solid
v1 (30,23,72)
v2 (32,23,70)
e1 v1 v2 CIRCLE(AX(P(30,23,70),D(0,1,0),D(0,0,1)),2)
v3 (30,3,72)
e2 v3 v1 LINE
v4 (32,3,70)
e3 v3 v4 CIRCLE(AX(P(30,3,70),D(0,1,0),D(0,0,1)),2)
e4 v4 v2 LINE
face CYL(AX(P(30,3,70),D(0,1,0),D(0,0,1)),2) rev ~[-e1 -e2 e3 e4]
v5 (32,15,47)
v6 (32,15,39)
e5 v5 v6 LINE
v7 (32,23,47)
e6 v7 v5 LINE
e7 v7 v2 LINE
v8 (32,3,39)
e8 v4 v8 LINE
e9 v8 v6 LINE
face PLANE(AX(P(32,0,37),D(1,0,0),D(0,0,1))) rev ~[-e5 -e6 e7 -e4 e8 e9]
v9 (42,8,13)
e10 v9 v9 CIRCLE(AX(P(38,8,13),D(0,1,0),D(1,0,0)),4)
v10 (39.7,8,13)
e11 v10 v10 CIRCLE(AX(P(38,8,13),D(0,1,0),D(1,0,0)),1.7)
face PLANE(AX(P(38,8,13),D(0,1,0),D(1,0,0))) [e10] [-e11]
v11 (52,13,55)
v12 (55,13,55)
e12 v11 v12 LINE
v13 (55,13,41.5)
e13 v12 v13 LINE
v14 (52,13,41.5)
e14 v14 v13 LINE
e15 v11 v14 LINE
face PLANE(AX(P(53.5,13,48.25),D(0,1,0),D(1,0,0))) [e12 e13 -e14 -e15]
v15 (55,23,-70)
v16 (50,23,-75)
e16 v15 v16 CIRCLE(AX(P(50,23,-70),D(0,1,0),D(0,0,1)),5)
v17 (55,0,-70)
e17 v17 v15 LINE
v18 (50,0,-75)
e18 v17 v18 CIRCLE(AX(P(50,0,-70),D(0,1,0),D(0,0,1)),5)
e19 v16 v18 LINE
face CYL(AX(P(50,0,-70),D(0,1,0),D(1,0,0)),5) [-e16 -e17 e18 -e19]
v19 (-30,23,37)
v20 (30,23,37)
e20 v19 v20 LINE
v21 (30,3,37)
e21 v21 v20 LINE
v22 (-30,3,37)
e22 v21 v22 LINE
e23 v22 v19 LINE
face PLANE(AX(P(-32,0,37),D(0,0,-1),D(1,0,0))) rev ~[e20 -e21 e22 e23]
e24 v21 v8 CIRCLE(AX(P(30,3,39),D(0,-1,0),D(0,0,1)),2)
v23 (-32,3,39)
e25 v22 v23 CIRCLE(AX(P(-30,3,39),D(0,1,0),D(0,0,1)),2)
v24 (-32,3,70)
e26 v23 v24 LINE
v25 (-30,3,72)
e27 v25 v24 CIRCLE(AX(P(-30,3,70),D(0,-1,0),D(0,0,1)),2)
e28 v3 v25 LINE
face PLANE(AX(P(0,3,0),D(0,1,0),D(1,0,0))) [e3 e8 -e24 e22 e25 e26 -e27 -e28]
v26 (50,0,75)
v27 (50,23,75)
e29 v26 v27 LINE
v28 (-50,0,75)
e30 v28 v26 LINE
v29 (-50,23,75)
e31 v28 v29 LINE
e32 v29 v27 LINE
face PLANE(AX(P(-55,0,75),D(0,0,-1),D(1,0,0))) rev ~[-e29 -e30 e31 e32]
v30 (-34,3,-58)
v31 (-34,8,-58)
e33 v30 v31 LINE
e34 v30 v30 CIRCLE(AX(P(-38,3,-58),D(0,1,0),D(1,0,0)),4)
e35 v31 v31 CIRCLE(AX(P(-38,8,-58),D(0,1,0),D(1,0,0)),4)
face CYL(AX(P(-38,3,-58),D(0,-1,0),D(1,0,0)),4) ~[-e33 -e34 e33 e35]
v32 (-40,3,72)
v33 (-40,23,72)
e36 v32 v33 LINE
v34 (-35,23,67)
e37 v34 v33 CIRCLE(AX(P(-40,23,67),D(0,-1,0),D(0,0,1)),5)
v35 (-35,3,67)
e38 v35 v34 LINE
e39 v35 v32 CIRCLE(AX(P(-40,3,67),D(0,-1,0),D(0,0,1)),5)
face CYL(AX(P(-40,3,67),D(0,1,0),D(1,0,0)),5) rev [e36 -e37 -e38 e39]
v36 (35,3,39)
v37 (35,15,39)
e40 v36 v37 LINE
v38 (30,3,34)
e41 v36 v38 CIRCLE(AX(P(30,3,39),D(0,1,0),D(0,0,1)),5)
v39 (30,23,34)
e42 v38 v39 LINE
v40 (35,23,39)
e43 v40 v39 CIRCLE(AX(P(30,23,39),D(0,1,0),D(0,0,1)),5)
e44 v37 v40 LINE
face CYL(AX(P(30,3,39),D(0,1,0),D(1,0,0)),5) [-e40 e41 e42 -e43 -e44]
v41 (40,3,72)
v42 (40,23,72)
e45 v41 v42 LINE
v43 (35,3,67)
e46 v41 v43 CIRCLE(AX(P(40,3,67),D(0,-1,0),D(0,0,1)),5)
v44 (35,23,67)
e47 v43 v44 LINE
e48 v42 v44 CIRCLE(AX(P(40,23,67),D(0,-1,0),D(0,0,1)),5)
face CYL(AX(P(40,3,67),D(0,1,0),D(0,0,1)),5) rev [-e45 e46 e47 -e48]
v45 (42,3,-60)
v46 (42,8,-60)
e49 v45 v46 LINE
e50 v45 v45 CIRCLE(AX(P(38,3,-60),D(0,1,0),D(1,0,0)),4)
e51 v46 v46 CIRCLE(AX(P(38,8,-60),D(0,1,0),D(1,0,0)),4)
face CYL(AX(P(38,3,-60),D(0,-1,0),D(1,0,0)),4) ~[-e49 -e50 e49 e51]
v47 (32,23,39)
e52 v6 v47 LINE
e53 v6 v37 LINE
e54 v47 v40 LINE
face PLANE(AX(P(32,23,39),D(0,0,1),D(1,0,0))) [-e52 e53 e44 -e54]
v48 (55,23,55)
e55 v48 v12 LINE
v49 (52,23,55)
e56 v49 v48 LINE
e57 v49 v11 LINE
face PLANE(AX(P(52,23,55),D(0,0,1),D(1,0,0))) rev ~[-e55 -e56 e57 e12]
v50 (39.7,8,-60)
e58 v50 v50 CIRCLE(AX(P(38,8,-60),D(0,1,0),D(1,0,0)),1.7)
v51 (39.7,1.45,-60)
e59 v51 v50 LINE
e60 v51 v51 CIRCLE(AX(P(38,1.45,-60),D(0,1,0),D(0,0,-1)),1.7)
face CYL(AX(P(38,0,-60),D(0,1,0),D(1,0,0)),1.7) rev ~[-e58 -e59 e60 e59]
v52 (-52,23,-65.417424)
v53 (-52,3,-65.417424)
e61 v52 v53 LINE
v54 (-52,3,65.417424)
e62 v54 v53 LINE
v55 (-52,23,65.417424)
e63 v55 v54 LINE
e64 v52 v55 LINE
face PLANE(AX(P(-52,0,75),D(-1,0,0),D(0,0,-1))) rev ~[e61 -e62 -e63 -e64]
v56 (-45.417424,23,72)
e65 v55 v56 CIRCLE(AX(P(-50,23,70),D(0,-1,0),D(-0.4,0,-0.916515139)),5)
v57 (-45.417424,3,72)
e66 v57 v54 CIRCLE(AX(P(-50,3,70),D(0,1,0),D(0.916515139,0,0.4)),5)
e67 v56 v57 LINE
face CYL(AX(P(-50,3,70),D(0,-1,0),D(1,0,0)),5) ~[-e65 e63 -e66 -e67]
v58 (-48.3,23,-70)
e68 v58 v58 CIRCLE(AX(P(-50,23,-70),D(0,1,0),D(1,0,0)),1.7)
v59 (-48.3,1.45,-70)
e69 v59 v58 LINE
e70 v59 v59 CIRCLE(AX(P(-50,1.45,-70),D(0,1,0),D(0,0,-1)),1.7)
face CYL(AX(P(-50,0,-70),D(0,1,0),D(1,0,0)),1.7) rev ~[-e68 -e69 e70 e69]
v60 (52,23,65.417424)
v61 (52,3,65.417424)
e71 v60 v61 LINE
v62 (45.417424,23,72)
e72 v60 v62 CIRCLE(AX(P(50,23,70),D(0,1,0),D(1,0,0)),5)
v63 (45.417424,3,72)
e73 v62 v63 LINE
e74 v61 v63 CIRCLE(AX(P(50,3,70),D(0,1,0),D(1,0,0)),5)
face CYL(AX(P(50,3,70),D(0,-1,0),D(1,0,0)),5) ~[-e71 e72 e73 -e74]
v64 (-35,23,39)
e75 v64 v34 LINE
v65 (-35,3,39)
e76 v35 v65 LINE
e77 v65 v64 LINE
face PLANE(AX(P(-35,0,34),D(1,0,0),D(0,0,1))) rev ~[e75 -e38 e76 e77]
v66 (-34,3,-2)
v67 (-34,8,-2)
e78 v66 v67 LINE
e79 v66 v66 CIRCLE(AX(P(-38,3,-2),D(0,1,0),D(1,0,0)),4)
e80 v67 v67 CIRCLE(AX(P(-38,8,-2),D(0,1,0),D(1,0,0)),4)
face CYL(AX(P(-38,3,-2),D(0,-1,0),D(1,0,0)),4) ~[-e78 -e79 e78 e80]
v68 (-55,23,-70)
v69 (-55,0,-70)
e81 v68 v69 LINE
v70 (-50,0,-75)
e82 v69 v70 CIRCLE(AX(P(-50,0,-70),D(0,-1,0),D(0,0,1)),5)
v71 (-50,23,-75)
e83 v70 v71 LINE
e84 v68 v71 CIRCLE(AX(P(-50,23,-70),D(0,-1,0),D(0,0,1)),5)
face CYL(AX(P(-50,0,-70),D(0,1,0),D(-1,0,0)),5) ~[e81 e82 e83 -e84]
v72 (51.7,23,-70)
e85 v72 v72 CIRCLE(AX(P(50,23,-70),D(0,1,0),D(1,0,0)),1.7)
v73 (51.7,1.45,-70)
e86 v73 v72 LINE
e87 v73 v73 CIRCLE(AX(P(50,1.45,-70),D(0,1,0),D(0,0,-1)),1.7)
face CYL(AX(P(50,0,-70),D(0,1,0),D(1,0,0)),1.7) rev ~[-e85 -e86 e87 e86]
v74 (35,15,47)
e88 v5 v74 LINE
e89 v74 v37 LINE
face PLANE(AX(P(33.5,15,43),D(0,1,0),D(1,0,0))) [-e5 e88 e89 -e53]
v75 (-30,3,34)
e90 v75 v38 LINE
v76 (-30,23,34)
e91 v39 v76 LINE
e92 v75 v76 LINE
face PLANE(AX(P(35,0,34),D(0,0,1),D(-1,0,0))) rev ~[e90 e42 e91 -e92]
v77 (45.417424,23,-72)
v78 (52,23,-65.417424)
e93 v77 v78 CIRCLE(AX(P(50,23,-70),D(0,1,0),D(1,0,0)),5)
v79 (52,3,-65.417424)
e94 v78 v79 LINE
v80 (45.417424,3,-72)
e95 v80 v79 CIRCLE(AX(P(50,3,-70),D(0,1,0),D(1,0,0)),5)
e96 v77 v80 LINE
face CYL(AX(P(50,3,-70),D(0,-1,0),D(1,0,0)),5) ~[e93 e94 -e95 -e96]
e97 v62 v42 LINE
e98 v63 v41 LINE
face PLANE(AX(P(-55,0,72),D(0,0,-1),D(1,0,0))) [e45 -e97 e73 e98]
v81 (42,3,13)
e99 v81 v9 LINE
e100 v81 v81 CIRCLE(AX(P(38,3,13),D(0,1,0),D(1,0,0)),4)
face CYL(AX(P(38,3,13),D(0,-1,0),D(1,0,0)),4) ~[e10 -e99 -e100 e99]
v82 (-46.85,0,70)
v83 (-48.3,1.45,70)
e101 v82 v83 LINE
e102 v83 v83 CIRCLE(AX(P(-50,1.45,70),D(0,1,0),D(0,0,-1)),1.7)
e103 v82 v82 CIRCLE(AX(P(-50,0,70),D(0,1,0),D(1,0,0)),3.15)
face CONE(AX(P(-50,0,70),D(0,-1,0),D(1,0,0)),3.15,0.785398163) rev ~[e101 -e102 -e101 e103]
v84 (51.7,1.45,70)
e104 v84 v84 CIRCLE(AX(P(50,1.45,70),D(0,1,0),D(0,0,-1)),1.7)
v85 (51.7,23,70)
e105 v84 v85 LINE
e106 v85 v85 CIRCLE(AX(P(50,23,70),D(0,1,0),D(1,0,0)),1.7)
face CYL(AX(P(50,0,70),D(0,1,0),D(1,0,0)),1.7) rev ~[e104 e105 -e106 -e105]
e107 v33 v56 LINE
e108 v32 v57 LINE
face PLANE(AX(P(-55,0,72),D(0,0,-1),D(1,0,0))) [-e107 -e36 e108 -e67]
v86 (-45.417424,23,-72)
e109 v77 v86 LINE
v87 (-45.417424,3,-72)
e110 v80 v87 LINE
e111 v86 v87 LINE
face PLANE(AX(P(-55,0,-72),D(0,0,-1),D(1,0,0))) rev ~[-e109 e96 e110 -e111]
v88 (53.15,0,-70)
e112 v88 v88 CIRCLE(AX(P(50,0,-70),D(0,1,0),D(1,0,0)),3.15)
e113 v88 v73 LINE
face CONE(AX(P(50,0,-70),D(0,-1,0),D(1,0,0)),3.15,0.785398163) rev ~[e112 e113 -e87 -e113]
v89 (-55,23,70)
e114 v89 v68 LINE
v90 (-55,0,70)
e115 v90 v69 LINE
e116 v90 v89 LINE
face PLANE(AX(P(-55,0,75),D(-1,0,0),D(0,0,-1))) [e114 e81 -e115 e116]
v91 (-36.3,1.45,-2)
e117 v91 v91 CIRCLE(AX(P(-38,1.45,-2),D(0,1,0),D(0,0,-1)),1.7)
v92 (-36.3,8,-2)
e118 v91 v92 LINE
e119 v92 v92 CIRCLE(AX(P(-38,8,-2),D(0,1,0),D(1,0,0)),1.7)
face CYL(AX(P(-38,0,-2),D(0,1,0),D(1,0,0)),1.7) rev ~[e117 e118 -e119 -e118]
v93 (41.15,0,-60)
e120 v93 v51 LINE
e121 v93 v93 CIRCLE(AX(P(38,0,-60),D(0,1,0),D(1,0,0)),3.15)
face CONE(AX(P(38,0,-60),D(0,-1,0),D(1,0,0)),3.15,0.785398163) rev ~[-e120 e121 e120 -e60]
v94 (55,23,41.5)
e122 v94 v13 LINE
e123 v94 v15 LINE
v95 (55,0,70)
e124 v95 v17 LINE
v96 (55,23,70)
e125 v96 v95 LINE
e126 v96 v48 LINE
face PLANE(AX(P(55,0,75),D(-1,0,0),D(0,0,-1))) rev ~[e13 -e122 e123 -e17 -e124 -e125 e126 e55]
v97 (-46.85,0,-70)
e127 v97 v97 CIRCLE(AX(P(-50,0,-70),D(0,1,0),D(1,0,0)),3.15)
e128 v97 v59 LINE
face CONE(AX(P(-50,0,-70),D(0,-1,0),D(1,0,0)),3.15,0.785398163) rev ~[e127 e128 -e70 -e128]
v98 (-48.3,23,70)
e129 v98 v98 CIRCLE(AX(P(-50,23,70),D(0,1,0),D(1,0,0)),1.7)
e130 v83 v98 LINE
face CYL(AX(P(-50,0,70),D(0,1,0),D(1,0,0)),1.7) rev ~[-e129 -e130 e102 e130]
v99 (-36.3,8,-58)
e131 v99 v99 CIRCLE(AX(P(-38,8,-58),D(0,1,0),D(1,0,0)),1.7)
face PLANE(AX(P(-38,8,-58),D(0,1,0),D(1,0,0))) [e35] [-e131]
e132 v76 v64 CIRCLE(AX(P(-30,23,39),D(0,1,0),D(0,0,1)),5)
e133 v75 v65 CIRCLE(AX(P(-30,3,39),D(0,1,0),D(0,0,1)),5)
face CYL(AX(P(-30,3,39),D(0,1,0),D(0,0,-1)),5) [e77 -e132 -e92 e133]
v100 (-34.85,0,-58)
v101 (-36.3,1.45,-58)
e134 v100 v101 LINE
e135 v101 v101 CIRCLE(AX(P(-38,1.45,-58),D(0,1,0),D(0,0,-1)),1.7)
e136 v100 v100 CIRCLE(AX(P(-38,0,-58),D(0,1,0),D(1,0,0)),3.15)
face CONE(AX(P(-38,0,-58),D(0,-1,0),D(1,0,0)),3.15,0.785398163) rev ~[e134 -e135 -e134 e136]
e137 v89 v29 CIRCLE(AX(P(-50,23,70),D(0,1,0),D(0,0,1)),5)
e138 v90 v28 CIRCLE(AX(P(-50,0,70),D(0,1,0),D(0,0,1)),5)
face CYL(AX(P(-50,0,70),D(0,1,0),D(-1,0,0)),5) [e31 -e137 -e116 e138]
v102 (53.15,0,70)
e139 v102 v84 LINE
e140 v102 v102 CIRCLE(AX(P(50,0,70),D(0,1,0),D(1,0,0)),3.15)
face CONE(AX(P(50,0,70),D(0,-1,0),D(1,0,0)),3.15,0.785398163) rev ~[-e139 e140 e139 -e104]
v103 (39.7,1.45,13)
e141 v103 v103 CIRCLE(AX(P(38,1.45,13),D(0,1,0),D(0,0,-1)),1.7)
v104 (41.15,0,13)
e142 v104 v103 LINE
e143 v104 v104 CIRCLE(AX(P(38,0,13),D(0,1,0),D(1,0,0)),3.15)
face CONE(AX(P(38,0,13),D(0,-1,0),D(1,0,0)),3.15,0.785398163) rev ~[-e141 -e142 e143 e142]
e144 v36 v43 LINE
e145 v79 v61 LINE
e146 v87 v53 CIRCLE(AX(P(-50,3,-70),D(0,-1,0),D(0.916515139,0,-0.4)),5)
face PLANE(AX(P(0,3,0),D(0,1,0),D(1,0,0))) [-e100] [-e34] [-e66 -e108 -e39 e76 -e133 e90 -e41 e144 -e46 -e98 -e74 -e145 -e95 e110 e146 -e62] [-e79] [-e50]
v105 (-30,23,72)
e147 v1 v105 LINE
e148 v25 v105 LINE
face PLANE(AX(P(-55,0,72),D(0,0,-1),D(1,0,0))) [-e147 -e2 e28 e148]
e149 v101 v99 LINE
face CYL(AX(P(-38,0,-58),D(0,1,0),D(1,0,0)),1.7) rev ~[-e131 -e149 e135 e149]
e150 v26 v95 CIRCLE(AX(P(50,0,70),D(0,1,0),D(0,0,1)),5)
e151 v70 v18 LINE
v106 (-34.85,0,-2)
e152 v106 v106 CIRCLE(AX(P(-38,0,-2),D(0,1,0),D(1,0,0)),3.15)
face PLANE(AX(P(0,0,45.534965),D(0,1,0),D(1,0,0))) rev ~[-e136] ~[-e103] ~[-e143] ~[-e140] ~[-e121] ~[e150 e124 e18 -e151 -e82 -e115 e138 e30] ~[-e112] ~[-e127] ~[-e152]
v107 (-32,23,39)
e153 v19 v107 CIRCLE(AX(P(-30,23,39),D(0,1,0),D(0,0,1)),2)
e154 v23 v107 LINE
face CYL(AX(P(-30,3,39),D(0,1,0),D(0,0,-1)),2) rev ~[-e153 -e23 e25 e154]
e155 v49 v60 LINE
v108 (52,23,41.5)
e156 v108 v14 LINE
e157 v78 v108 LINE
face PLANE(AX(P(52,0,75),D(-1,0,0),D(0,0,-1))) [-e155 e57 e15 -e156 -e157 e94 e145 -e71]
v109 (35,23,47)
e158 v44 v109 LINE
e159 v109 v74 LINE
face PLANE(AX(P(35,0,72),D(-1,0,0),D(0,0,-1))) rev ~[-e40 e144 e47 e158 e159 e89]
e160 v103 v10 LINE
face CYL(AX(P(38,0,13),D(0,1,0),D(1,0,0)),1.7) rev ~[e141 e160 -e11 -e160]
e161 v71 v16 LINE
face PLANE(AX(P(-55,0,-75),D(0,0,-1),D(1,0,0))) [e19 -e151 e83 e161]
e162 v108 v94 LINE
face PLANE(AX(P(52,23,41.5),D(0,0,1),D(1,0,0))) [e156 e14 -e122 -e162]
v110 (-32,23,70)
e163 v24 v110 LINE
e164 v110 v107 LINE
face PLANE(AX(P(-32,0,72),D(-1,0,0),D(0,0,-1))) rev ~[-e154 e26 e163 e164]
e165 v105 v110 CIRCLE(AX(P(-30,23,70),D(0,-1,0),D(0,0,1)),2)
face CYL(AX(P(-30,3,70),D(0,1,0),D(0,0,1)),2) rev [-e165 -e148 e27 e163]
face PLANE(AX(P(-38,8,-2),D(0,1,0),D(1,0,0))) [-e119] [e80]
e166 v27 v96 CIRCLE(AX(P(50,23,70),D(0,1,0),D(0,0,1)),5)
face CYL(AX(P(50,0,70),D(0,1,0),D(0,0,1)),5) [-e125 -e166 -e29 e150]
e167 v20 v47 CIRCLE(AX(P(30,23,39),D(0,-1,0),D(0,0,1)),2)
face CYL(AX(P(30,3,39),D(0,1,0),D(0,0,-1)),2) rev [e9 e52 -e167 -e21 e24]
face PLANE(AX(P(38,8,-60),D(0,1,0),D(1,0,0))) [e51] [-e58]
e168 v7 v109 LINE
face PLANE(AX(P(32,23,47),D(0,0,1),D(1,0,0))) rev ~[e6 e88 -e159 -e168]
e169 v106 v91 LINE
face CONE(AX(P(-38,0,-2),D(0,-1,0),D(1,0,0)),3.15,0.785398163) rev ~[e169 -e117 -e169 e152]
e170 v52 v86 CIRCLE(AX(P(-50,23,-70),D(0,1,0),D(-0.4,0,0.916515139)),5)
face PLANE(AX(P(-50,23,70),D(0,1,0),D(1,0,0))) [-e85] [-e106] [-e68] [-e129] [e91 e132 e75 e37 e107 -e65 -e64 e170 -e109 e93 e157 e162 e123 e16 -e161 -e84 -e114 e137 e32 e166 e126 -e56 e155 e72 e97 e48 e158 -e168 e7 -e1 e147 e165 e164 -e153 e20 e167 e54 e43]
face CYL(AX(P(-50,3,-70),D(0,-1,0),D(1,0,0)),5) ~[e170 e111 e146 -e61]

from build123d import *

# Parameters (mm, degrees)
ESBO_O1_W                                            = 110
ESBO_O1_H                                            = 150
RESSALTO_EXTRUS_O3_DEPTH                             = 23
FILETE2_R                                            = 5
CASCA1_T                                             = -3
ESBO_O14_R                                           = 5
RESSALTO_EXTRUS_O7_DEPTH                             = 20
RESSALTO_EXTRUS_O4_DEPTH                             = 23
FILETE6_R                                            = 2
FILETE8_R                                            = 5
ESBO_O7_W                                            = 3
ESBO_O7_H                                            = 8
CORTE_EXTRUS_O1_DEPTH                                = 8
ESBO_O8_W                                            = 3
ESBO_O8_H                                            = 13.5
CORTE_EXTRUS_O2_DEPTH                                = 10
ESBO_O17_R                                           = 4
RESSALTO_EXTRUS_O8_DEPTH                             = 5
ESCAREADO_PARA_PARAFUSO_DE_M_QUINA_COM_C_D           = 3.4
ESCAREADO_PARA_PARAFUSO_DE_M_QUINA_COM_C_DEPTH       = 15
ESCAREADO_PARA_PARAFUSO_DE_M_QUINA_COM_C_CSINK_D     = 6.3
ESCAREADO_PARA_PARAFUSO_DE_M_QUINA_COM_C_CSINK_ANGLE = 90
ESCAREADO_PARA_PARAFUSO_DE_M_QUINA_COM_C_TIP         = 1.021463052
ESCAREADO_PARA_PARAFUSO_DE_M_QUINA_C_2_D             = 3.4
ESCAREADO_PARA_PARAFUSO_DE_M_QUINA_C_2_CSINK_D       = 6.3
ESCAREADO_PARA_PARAFUSO_DE_M_QUINA_C_2_CSINK_ANGLE   = 90


with BuildPart() as part:
    # Esboço1 → Ressalto-extrusão3 (new body)
    with BuildSketch(Plane(origin=(0, 0, 0), x_dir=(1, 0, 0), z_dir=(0, 1, 0))):
        Rectangle(ESBO_O1_W, ESBO_O1_H)
    extrude(amount=RESSALTO_EXTRUS_O3_DEPTH)

    # Filete2
    filete2_edges = [part.edges().sort_by_distance(p)[0] for p in [
        (55, 11.5, 75),
        (-55, 11.5, 75),
        (-55, 11.5, -75),
        (55, 11.5, -75),
    ]]
    fillet(filete2_edges, radius=FILETE2_R)

    # Casca1
    casca1_openings = [part.faces().sort_by_distance(p)[0] for p in [
        (0, 23, 0),
    ]]
    offset(amount=CASCA1_T, openings=casca1_openings, kind=Kind.INTERSECTION)

    # Esboço14 → Ressalto-extrusão7 (add)
    with BuildSketch(Plane(origin=(0, 3, 0), x_dir=(1, 0, 0), z_dir=(0, 1, 0))):
        with Locations((-50, -70)):
            Circle(ESBO_O14_R)
        with Locations((50, -70)):
            Circle(ESBO_O14_R)
        with Locations((50, 70)):
            Circle(ESBO_O14_R)
        with Locations((-50, 70)):
            Circle(ESBO_O14_R)
    extrude(amount=RESSALTO_EXTRUS_O7_DEPTH)

    # Esboço6 → Ressalto-extrusão4 (add)
    with BuildSketch(Plane(origin=(0, 0, 0), x_dir=(1, 0, 0), z_dir=(0, 1, 0))):
        Polygon((-32, -37), (32, -37), (32, -72), (35, -72), (35, -34), (-35, -34), (-35, -72), (-32, -72), align=None)
    extrude(amount=RESSALTO_EXTRUS_O4_DEPTH)

    # Filete6
    filete6_edges = [part.edges().sort_by_distance(p)[0] for p in [
        (32, 13, 37),
        (-32, 13, 37),
        (-32, 13, 72),
        (32, 13, 72),
    ]]
    fillet(filete6_edges, radius=FILETE6_R)

    # Filete8
    filete8_edges = [part.edges().sort_by_distance(p)[0] for p in [
        (-35, 13, 72),
        (-35, 13, 34),
        (35, 13, 34),
        (35, 13, 72),
    ]]
    fillet(filete8_edges, radius=FILETE8_R)

    # Esboço7 → Corte-extrusão1 (cut)
    with BuildSketch(Plane(origin=(0, 23, 0), x_dir=(1, 0, 0), z_dir=(0, 1, 0))):
        with Locations((33.5, -43)):
            Rectangle(ESBO_O7_W, ESBO_O7_H)
    extrude(amount=-CORTE_EXTRUS_O1_DEPTH, mode=Mode.SUBTRACT)

    # Esboço8 → Corte-extrusão2 (cut)
    with BuildSketch(Plane(origin=(0, 23, 0), x_dir=(1, 0, 0), z_dir=(0, 1, 0))):
        with Locations((53.5, -48.25)):
            Rectangle(ESBO_O8_W, ESBO_O8_H)
    extrude(amount=-CORTE_EXTRUS_O2_DEPTH, mode=Mode.SUBTRACT)

    # Esboço17 → Ressalto-extrusão8 (add)
    with BuildSketch(Plane(origin=(0, 3, 0), x_dir=(1, 0, 0), z_dir=(0, 1, 0))):
        with Locations((-38, 58)):
            Circle(ESBO_O17_R)
        with Locations((-38, 2)):
            Circle(ESBO_O17_R)
        with Locations((38, -13)):
            Circle(ESBO_O17_R)
        with Locations((38, 60)):
            Circle(ESBO_O17_R)
    extrude(amount=RESSALTO_EXTRUS_O8_DEPTH)

    # Escareado para parafuso de m_quina com c
    with Locations(Plane(origin=(0, 0, 0), x_dir=(-1, 0, 0), z_dir=(0, -1, 0))):
        with Locations((-38, -13), (38, 2), (38, 58), (-38, 60)):
            CounterSinkHole(ESCAREADO_PARA_PARAFUSO_DE_M_QUINA_COM_C_D / 2, ESCAREADO_PARA_PARAFUSO_DE_M_QUINA_COM_C_CSINK_D / 2, depth=ESCAREADO_PARA_PARAFUSO_DE_M_QUINA_COM_C_DEPTH, counter_sink_angle=ESCAREADO_PARA_PARAFUSO_DE_M_QUINA_COM_C_CSINK_ANGLE)
            with Locations((0, 0, -(ESCAREADO_PARA_PARAFUSO_DE_M_QUINA_COM_C_DEPTH + ESCAREADO_PARA_PARAFUSO_DE_M_QUINA_COM_C_TIP / 2))):  # 118° drill point
                Cone(0, ESCAREADO_PARA_PARAFUSO_DE_M_QUINA_COM_C_D / 2, ESCAREADO_PARA_PARAFUSO_DE_M_QUINA_COM_C_TIP, mode=Mode.SUBTRACT)

    # Escareado para parafuso de m_quina c 2 (through all)
    with Locations(Plane(origin=(0, 0, 0), x_dir=(-1, 0, 0), z_dir=(0, -1, 0))):
        with Locations((50, -70), (-50, -70), (-50, 70), (50, 70)):
            CounterSinkHole(ESCAREADO_PARA_PARAFUSO_DE_M_QUINA_C_2_D / 2, ESCAREADO_PARA_PARAFUSO_DE_M_QUINA_C_2_CSINK_D / 2, counter_sink_angle=ESCAREADO_PARA_PARAFUSO_DE_M_QUINA_C_2_CSINK_ANGLE)


solid = part.part
